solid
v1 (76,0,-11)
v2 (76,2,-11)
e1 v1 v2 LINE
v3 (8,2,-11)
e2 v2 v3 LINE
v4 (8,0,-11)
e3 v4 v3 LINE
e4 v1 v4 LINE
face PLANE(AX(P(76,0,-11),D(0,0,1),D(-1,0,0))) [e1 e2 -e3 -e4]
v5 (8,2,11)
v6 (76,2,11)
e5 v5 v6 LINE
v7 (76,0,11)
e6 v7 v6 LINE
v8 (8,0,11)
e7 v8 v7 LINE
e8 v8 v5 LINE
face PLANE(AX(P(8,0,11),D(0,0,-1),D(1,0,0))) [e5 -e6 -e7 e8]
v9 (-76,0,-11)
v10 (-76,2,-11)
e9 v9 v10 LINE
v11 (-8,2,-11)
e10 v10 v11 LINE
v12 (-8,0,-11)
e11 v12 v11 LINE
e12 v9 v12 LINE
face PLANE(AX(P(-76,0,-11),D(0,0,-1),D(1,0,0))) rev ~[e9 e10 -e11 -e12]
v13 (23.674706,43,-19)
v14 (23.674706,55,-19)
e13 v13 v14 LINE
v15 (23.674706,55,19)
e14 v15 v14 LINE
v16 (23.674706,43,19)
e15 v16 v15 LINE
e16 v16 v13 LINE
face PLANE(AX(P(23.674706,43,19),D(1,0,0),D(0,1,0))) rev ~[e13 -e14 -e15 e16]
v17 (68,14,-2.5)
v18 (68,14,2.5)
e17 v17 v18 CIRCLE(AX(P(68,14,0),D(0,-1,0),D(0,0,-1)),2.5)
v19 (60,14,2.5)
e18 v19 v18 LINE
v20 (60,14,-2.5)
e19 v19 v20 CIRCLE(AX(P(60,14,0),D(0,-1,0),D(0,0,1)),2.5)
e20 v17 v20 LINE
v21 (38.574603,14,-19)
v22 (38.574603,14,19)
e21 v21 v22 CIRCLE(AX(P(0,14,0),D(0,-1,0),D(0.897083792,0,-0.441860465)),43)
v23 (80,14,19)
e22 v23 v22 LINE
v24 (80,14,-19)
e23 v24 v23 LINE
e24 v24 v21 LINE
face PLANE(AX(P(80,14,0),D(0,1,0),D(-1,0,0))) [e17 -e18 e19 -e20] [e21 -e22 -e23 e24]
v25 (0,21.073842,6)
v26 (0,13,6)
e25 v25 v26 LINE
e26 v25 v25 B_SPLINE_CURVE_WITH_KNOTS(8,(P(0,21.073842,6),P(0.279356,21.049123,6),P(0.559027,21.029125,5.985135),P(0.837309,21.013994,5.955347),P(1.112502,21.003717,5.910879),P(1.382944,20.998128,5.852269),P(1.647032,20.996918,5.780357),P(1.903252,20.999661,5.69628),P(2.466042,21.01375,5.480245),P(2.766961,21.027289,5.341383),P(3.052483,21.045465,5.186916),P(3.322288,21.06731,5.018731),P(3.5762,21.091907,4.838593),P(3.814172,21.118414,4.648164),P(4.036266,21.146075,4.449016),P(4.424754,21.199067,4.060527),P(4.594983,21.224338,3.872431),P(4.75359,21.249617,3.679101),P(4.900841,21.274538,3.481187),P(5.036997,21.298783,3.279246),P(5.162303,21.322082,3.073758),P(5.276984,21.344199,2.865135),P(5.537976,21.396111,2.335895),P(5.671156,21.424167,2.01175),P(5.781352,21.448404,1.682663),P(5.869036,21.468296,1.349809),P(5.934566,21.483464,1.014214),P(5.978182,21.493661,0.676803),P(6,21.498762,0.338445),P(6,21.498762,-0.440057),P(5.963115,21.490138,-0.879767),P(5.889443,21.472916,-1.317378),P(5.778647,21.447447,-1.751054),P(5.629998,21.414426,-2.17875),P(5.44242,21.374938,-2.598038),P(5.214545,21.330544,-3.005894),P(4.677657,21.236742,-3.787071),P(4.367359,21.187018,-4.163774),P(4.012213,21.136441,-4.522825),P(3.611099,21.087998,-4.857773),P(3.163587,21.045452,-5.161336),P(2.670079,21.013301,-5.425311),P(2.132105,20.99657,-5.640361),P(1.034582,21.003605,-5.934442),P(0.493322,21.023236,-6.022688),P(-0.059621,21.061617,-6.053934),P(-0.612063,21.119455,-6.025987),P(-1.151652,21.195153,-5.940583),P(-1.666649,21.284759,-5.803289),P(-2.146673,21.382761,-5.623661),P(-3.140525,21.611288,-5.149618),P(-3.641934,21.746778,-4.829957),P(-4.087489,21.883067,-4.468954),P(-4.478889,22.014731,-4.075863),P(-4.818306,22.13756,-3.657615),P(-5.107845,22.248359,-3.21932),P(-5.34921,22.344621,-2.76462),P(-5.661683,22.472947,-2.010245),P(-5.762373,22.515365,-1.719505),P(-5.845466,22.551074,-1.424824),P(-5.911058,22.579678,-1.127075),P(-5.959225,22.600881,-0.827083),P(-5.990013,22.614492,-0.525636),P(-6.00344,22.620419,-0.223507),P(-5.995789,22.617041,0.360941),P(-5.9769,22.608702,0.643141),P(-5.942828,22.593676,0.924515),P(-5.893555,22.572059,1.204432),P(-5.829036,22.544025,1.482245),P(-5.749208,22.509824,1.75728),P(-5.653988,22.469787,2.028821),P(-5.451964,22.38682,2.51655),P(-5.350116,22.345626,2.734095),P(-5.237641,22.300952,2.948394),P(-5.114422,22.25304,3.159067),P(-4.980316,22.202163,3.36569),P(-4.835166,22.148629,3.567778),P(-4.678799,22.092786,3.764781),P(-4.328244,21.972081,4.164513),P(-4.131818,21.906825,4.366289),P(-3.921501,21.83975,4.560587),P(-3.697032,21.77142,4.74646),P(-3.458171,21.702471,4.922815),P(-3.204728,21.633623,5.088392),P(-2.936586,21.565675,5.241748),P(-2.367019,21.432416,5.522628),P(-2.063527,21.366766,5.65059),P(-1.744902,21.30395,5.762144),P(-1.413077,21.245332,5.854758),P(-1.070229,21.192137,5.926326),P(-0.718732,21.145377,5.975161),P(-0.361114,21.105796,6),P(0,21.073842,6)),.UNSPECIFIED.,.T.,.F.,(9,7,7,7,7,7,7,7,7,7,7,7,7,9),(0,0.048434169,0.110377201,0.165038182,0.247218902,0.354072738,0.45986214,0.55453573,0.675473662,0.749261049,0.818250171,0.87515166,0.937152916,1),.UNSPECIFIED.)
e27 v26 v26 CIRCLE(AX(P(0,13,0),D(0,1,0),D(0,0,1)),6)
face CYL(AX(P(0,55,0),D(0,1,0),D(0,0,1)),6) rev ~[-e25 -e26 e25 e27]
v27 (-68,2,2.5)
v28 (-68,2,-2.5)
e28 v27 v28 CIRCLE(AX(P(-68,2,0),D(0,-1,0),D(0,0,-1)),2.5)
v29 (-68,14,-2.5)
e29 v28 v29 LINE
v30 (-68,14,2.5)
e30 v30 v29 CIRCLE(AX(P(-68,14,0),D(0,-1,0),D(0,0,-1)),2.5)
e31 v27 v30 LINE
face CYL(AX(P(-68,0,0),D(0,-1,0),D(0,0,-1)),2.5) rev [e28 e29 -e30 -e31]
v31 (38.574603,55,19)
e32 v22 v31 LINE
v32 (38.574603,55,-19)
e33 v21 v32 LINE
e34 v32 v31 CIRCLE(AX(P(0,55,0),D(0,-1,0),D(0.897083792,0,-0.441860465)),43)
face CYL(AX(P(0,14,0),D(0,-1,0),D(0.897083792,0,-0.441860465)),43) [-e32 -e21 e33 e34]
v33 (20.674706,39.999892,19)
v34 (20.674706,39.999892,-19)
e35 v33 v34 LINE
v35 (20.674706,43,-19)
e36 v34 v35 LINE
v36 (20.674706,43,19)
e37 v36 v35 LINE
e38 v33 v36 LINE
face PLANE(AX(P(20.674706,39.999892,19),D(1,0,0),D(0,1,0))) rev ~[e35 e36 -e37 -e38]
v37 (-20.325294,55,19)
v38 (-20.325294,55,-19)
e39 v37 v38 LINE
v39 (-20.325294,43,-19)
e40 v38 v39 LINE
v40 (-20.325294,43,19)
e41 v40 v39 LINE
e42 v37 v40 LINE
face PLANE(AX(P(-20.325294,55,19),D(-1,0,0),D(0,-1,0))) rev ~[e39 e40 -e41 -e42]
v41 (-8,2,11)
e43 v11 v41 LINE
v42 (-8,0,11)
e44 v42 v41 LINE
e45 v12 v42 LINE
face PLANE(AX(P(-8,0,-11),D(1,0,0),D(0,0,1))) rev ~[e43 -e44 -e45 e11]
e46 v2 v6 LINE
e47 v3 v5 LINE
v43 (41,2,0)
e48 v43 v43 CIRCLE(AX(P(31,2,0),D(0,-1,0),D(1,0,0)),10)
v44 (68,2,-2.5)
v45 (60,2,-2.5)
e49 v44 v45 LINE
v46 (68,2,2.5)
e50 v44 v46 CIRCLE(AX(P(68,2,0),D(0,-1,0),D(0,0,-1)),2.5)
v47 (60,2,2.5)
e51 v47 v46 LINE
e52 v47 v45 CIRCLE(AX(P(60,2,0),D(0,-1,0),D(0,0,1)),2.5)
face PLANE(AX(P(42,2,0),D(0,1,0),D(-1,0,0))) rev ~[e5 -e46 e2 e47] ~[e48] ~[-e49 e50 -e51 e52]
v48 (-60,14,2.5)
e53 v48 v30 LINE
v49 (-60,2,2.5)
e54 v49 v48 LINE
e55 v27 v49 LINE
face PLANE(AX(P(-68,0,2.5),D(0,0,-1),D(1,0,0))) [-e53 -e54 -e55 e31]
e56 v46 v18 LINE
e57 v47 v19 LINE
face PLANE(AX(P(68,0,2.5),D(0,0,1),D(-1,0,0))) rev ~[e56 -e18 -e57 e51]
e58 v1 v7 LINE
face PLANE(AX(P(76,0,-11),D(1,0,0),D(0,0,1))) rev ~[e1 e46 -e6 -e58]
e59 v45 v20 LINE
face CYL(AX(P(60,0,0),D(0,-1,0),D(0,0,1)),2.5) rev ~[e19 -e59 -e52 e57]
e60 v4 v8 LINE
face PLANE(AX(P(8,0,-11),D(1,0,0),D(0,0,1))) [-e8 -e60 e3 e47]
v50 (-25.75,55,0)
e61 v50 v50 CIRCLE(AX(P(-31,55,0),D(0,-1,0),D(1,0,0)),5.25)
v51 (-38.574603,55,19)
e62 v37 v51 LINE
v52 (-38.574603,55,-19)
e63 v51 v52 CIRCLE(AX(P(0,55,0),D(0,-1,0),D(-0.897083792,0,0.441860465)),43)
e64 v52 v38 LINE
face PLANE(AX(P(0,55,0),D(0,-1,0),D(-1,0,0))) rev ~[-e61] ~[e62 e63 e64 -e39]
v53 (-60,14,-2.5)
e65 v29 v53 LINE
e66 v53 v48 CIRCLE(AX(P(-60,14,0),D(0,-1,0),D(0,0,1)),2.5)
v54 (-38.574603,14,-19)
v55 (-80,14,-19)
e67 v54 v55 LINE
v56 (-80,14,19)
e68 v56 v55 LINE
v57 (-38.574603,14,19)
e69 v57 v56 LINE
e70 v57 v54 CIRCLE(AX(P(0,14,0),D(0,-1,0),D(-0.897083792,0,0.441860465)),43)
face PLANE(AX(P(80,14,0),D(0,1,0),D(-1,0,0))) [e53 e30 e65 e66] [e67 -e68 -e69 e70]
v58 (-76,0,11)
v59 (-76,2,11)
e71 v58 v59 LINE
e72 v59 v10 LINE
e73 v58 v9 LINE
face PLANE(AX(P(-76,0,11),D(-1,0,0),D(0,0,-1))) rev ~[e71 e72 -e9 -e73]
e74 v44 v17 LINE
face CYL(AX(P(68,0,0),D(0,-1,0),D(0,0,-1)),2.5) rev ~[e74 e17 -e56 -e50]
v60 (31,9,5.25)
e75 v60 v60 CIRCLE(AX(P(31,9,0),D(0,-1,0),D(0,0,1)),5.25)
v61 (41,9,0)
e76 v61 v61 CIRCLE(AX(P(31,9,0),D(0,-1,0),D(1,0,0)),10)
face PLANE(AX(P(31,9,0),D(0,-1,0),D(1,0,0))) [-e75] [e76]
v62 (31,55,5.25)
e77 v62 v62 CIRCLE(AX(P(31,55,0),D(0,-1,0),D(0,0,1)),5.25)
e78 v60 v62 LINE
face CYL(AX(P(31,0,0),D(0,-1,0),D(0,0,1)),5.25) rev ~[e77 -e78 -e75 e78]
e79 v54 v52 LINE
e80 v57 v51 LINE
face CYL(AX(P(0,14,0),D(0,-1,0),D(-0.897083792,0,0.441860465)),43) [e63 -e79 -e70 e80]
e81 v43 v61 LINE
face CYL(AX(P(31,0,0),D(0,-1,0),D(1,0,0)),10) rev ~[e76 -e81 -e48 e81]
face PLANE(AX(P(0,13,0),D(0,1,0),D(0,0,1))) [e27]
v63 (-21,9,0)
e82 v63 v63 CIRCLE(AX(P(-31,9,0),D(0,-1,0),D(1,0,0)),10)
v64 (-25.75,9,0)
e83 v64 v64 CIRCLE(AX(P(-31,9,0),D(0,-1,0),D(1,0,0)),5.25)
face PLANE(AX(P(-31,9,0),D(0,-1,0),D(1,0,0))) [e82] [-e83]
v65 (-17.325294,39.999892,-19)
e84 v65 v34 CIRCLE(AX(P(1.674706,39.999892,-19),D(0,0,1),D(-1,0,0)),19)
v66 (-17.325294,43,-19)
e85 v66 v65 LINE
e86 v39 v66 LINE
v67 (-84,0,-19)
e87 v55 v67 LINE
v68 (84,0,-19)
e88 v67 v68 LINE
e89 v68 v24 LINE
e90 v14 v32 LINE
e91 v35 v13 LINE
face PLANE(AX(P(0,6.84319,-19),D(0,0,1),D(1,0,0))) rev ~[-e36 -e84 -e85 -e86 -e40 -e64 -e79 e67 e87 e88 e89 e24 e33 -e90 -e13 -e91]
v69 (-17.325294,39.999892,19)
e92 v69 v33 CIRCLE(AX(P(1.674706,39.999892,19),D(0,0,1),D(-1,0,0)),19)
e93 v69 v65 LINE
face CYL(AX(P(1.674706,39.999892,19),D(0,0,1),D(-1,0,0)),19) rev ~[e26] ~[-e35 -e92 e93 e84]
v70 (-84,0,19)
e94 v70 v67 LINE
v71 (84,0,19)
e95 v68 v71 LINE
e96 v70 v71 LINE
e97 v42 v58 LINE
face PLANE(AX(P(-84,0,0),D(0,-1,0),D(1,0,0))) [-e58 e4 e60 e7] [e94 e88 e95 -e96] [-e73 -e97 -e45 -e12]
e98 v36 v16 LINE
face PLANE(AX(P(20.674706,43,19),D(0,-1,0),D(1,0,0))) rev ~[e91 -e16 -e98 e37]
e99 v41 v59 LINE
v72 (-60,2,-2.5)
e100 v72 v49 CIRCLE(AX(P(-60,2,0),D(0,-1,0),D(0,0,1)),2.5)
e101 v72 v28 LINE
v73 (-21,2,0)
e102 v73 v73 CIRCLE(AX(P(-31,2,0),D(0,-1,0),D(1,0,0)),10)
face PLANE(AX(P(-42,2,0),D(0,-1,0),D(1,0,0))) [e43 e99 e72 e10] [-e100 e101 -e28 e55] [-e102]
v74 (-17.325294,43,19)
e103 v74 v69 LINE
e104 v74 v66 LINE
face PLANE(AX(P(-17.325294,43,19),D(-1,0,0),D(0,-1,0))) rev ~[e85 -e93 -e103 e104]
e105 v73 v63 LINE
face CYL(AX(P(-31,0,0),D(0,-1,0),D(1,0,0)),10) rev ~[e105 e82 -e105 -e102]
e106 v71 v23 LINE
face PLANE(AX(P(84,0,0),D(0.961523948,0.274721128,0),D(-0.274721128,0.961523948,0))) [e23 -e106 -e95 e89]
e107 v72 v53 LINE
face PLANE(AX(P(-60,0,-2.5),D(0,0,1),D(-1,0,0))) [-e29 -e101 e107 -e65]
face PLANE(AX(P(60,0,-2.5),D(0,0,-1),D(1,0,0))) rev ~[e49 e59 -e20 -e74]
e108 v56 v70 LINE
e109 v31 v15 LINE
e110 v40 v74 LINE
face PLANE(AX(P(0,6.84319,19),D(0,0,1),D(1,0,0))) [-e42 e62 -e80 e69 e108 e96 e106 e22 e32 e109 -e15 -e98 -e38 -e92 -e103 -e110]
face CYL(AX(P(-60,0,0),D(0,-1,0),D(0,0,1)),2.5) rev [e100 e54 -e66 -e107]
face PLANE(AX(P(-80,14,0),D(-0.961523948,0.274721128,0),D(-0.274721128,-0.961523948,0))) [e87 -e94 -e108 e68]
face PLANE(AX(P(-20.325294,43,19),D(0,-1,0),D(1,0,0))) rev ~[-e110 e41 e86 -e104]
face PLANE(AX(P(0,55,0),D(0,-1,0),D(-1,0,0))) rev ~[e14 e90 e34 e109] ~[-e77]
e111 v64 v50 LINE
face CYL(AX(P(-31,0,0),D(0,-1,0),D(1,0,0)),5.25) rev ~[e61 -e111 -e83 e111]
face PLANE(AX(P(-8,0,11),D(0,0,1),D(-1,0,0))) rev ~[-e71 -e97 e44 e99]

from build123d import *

# Parameters (mm, degrees)
BOSS_EXTRUDE1_DEPTH = 19
CUT_EXTRUDE2_DEPTH  = 2
BOSS_EXTRUDE2_DEPTH = 41
CUT_EXTRUDE3_DEPTH  = 62
SKETCH6_R           = 5.25
CUT_EXTRUDE4_DEPTH  = 72
SKETCH7_R           = 10
CUT_EXTRUDE5_DEPTH  = 9
SKETCH8_R           = 6
CUT_EXTRUDE6_DEPTH  = 42


with BuildPart() as part:
    # Sketch2 → Boss-Extrude1 (new, symmetric)
    with BuildSketch(Plane.XY):
        Polygon((-84, 0), (0, 0), (84, 0), (80, 14), (-80, 14), align=None)
    extrude(amount=BOSS_EXTRUDE1_DEPTH, both=True)

    # Sketch3 → Cut-Extrude2 (cut)
    with BuildSketch(Plane.XZ):
        Polygon((-76, 11), (-76, 0), (-76, -11), (-8, -11), (-8, 11), align=None)
        Polygon((76, 0), (76, -11), (8, -11), (8, 11), (76, 11), align=None)
    extrude(amount=-CUT_EXTRUDE2_DEPTH, mode=Mode.SUBTRACT)

    # Sketch4 → Boss-Extrude2 (add)
    with BuildSketch(Plane(origin=(0, 14, 0), x_dir=(1, 0, 0), z_dir=(0, 1, 0))):
        with BuildLine():
            Line((-38.574603044, 19), (38.574603044, 19))
            ThreePointArc((38.574603044, 19), (43, 0), (38.574603044, -19))
            Line((38.574603044, -19), (-38.574603044, -19))
            ThreePointArc((-38.574603044, -19), (-43, 0), (-38.574603044, 19))
        make_face()
    extrude(amount=BOSS_EXTRUDE2_DEPTH)

    # Sketch5 → Cut-Extrude3 (cut)
    with BuildSketch(Plane.XY.offset(19)):
        with BuildLine():
            Line((20.674705774, 39.999892181), (20.674705774, 43))
            Line((20.674705774, 43), (23.674705774, 43))
            Line((23.674705774, 43), (23.674705774, 55))
            Line((23.674705774, 55), (-20.325294226, 55))
            Line((-20.325294226, 55), (-20.325294226, 43))
            Line((-20.325294226, 43), (-17.325294226, 43))
            Line((-17.325294226, 43), (-17.325294226, 39.999892181))
            ThreePointArc((-17.325294226, 39.999892181), (1.674705774, 20.999892181), (20.674705774, 39.999892181))
        make_face()
    extrude(amount=-CUT_EXTRUDE3_DEPTH, mode=Mode.SUBTRACT)

    # Sketch6 → Cut-Extrude4 (cut)
    with BuildSketch(Plane.XZ):
        with Locations((-31, 0)):
            Circle(SKETCH6_R)
        with Locations(Location((31, 0, 0), (0, 0, 90))):
            Circle(SKETCH6_R)
        with BuildLine():
            Line((68, 2.5), (60, 2.5))
            ThreePointArc((60, 2.5), (57.5, 0), (60, -2.5))
            Line((60, -2.5), (68, -2.5))
            ThreePointArc((68, -2.5), (70.5, 0), (68, 2.5))
        make_face()
        with BuildLine():
            Line((-68, 2.5), (-60, 2.5))
            ThreePointArc((-60, 2.5), (-57.5, 0), (-60, -2.5))
            Line((-60, -2.5), (-68, -2.5))
            ThreePointArc((-68, -2.5), (-70.5, 0), (-68, 2.5))
        make_face()
    extrude(amount=-CUT_EXTRUDE4_DEPTH, mode=Mode.SUBTRACT)

    # Sketch7 → Cut-Extrude5 (cut)
    with BuildSketch(Plane.XZ):
        with Locations((-31, 0)):
            Circle(SKETCH7_R)
        with Locations((31, 0)):
            Circle(SKETCH7_R)
    extrude(amount=-CUT_EXTRUDE5_DEPTH, mode=Mode.SUBTRACT)

    # Sketch8 → Cut-Extrude6 (cut)
    with BuildSketch(Plane(origin=(0, 55, 0), x_dir=(1, 0, 0), z_dir=(0, 1, 0))):
        with Locations(Location((0, 0, 0), (0, 0, 270))):
            Circle(SKETCH8_R)
    extrude(amount=-CUT_EXTRUDE6_DEPTH, mode=Mode.SUBTRACT)


solid = part.part
